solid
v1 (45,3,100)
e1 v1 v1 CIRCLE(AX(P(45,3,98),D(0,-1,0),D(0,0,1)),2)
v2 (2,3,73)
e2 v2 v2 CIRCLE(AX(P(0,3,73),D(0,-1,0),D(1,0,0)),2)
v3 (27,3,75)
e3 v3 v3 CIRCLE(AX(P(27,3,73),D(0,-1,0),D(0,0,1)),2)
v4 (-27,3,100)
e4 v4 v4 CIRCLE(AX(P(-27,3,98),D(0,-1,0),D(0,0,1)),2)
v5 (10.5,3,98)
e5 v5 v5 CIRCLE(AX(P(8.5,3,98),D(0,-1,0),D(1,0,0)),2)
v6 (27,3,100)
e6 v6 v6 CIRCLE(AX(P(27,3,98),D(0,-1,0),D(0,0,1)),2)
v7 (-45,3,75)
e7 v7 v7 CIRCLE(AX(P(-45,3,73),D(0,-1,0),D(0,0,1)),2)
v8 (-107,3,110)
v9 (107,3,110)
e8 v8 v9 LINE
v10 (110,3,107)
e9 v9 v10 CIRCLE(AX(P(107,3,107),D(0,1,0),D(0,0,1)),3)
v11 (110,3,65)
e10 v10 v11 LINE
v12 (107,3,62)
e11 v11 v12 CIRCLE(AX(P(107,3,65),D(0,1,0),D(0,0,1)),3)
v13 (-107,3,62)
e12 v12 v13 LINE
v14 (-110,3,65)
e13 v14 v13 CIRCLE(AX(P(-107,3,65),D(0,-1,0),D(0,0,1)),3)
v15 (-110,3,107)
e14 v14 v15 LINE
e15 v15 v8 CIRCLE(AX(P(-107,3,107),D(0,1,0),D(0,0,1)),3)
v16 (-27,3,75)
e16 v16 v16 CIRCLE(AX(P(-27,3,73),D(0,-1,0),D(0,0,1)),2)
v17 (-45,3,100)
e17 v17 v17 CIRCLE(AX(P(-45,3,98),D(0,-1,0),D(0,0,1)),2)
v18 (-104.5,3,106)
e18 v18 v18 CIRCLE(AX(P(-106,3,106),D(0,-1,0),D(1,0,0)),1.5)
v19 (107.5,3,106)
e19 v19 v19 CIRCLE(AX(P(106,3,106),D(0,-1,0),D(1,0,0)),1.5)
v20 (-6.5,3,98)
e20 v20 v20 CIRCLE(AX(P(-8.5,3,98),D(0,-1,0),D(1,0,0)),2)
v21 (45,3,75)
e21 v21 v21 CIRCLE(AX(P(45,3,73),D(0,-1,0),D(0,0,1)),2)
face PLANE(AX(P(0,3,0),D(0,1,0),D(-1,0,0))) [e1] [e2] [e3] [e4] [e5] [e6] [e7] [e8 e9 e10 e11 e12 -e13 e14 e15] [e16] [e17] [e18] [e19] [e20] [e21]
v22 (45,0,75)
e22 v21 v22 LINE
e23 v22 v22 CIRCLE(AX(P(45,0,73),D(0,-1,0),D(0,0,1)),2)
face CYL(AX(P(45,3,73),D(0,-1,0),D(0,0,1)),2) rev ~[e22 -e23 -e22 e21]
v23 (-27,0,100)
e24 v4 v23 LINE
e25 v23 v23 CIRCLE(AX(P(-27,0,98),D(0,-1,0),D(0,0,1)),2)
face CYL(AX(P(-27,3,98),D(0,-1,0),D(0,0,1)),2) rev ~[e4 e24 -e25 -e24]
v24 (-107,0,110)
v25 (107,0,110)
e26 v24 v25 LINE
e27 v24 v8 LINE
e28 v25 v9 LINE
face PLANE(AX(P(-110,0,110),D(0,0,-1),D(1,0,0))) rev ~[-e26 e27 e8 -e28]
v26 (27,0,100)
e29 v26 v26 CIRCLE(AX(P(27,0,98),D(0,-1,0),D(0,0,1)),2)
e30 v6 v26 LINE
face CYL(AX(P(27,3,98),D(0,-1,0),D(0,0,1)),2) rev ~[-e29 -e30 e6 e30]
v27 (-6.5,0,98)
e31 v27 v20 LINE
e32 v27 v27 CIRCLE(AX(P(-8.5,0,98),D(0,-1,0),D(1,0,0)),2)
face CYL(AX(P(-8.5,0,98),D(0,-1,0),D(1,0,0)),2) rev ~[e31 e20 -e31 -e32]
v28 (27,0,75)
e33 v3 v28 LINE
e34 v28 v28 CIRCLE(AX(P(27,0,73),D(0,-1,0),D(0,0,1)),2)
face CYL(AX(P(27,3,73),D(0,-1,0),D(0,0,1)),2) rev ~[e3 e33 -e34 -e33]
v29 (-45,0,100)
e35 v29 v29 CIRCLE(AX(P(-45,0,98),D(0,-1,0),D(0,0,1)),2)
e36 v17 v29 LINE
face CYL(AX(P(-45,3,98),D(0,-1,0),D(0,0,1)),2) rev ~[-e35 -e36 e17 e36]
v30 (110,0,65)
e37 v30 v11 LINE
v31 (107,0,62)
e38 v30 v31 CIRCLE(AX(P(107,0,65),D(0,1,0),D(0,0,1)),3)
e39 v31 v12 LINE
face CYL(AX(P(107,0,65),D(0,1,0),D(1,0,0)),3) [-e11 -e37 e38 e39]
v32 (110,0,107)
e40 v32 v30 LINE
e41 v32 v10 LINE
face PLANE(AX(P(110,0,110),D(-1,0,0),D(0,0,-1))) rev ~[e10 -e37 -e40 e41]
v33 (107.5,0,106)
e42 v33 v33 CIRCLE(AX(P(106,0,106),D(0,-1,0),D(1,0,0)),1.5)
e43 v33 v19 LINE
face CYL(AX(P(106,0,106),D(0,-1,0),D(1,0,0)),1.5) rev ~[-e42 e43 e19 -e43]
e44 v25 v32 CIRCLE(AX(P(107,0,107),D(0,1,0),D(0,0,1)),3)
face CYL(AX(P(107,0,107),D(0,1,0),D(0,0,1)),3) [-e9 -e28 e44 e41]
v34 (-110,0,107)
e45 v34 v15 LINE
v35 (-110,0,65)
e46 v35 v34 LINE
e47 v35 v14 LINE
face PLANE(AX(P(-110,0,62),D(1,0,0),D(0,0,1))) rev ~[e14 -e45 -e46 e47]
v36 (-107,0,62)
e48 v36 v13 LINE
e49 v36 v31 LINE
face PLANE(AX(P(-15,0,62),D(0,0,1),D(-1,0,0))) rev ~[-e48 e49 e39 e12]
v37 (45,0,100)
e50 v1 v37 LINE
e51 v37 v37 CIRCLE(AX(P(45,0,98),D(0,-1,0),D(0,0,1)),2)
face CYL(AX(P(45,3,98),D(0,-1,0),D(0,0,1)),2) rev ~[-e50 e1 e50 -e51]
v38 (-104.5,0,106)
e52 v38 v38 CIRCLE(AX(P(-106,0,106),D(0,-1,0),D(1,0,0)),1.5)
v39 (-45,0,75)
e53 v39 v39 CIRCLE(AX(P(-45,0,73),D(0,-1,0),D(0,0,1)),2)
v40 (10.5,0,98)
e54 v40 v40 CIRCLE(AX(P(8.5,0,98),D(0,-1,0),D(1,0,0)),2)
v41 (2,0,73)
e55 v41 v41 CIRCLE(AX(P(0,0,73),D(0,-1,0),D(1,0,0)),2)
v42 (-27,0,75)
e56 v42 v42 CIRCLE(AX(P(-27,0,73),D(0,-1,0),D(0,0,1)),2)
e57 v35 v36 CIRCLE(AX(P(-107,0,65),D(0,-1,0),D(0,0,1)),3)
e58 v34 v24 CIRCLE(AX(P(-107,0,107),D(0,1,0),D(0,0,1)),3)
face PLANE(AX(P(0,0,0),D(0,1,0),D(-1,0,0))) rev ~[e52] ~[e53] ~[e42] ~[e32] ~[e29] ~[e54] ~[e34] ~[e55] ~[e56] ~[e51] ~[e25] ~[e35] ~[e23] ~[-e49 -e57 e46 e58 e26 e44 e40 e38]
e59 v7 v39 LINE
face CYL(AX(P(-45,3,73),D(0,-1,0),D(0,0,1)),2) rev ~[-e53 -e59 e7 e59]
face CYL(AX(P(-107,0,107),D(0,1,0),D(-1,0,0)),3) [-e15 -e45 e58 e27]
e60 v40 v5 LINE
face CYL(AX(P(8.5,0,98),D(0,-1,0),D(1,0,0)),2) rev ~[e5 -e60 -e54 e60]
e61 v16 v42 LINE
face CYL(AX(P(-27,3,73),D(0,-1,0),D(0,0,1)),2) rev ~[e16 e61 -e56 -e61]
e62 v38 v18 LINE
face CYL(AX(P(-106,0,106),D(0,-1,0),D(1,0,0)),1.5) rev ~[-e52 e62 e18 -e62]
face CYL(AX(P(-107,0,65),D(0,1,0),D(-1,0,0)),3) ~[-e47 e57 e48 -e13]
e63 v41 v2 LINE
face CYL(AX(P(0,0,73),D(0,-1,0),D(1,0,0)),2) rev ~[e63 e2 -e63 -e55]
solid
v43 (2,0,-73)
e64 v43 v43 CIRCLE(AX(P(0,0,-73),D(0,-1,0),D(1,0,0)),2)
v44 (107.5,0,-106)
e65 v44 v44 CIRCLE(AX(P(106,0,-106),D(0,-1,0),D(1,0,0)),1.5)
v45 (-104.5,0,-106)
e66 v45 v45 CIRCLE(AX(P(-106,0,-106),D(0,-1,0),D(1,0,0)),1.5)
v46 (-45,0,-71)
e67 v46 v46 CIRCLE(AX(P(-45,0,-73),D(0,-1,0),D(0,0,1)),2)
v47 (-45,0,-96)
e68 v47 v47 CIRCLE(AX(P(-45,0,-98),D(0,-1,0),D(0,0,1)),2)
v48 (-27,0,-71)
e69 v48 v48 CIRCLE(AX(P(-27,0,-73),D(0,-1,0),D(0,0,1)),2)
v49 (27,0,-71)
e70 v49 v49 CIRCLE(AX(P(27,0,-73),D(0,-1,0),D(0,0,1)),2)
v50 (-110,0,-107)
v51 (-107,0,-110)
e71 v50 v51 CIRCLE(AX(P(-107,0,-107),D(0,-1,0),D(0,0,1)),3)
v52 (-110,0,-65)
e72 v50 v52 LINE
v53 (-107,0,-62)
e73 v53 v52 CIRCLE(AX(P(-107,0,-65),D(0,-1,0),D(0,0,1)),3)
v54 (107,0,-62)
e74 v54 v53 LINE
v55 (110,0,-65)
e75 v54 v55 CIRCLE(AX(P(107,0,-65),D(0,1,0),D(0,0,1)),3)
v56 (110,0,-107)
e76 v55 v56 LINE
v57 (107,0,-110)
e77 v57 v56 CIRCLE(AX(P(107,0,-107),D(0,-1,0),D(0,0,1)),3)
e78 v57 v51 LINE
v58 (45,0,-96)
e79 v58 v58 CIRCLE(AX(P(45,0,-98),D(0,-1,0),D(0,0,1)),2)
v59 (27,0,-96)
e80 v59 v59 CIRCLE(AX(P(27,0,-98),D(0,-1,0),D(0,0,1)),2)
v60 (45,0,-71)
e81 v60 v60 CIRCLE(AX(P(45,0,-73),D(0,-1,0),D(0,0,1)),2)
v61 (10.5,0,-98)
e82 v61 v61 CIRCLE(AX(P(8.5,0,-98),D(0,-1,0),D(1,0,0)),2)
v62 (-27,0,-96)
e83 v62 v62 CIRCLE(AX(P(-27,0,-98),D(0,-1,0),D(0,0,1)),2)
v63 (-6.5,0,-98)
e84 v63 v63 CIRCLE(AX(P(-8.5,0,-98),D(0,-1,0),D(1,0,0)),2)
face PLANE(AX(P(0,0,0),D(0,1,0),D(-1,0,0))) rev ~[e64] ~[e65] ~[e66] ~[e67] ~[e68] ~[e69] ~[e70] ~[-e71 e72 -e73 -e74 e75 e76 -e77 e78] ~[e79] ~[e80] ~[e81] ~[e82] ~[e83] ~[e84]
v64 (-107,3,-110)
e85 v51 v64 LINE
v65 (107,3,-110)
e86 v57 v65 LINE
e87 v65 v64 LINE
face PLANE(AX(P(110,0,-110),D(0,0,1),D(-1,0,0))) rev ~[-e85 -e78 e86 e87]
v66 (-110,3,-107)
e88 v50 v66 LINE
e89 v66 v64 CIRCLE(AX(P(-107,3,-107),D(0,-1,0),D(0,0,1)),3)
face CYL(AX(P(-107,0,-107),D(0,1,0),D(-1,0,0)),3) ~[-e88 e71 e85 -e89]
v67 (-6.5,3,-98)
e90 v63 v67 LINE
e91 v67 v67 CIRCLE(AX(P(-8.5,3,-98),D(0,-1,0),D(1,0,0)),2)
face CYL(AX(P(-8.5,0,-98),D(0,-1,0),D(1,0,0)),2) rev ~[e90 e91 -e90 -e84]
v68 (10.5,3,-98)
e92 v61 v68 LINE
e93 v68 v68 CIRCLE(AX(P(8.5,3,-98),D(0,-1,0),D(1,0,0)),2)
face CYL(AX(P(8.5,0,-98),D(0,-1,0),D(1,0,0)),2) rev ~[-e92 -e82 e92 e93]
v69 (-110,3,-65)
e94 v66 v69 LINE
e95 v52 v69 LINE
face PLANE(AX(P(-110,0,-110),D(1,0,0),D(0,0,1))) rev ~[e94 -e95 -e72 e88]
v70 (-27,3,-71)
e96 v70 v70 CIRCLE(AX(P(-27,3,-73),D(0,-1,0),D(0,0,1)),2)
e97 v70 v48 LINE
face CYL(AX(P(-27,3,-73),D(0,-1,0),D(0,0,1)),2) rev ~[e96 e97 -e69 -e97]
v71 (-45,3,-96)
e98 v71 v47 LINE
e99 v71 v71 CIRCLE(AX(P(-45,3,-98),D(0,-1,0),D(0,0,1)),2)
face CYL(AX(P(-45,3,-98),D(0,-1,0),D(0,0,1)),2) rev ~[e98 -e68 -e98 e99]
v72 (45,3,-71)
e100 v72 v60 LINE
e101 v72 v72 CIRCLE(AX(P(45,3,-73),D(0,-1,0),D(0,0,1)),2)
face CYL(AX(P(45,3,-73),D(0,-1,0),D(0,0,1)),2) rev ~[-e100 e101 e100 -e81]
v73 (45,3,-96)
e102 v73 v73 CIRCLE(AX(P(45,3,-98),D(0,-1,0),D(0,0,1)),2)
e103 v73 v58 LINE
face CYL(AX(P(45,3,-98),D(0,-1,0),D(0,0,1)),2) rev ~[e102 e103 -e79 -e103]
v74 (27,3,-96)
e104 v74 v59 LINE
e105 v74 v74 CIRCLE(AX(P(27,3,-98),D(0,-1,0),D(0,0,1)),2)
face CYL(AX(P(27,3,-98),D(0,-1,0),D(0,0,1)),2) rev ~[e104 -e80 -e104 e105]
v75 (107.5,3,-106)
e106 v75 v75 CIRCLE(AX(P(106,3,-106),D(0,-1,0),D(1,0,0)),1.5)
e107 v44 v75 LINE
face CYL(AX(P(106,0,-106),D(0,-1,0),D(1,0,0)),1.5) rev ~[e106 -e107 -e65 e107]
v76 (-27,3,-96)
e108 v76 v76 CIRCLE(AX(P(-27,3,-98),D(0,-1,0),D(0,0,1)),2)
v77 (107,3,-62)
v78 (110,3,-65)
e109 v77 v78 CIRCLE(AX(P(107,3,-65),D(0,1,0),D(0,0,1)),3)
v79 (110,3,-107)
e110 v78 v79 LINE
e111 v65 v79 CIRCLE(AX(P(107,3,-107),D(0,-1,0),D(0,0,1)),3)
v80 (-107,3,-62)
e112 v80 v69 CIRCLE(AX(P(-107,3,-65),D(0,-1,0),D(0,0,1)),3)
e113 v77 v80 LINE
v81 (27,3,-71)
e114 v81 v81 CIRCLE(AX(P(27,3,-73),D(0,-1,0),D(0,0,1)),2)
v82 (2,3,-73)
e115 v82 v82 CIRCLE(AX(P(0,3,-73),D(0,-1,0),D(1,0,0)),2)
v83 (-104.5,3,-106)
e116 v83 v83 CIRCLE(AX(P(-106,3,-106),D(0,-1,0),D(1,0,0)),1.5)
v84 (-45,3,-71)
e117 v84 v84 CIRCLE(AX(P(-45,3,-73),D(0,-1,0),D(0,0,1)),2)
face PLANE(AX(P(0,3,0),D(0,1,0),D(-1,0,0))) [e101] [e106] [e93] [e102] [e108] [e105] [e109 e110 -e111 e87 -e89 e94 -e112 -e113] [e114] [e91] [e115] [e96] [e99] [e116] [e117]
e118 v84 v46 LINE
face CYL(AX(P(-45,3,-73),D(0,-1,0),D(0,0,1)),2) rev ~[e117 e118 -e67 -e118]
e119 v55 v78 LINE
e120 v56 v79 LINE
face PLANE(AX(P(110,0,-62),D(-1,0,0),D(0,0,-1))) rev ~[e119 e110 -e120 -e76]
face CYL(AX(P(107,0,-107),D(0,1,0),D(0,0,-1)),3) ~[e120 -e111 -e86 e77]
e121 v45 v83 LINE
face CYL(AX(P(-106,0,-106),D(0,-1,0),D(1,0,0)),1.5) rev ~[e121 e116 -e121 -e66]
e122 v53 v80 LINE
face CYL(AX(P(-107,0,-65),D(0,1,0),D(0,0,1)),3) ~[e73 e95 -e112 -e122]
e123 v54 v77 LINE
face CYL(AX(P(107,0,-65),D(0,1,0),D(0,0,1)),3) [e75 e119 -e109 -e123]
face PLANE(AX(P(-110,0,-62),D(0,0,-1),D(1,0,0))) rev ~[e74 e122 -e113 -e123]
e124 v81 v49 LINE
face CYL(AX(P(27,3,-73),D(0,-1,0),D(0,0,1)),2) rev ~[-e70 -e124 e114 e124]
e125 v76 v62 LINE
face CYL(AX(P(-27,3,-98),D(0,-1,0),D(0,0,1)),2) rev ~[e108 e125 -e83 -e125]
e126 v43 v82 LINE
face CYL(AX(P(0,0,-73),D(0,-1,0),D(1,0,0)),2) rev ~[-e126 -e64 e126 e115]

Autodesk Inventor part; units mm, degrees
ref_plane "YZ Plane" through (0, 0, 0) normal (1, 0, 0) x (0, 1, 0)
ref_plane "XZ Plane" through (0, 0, 0) normal (0, 1, 0) x (-1, 0, 0)
ref_plane "XY Plane" through (0, 0, 0) normal (0, 0, 1) x (1, 0, 0)
sketch "Szkic1" plane through (0, 0, 0) normal (0, 1, 0) x (-1, 0, 0)
  line L0 (110, 110) -> (-110, 110)
  line L1 (-110, 110) -> (-110, 62)
  line L2 (110, 62) -> (110, 110)
  line L3 (-110, -62) -> (-110, -110)
  line L4 (-110, -110) -> (110, -110)
  line L5 (110, -110) -> (110, -62)
  line L6 (110, 0) -> (-110, 0) construction
  line L7 (0, 61) -> (0, -61) construction
  line L8 (15, 62) -> (15, -62)
  line L9 (-15, 62) -> (-15, -62)
  line L10 (-110, 62) -> (-15, 62)
  line L11 (15, 62) -> (110, 62)
  line L12 (110, -62) -> (15, -62)
  line L13 (-15, -62) -> (-110, -62)
  point P0 (0, 0)
  point P1 (110, -86)
  point P2 (-110, -86)
  dimension "d0" = 48
  dimension "d2" = 220
  dimension "d3" = 30
  dimension "d4" = 124
extrude "Wyciągnięcie proste1" add sketch "Szkic1" along normal blind 3
sketch "Szkic2" plane through (0, 3, 0) normal (0, 1, 0) x (1, 0, 0)
  line L0 (-110, -110) -> (110, -110) projected
  line L1 (0, -110) -> (0, 110) construction
  line L2 (110, 110) -> (-110, 110) projected
  line L3 (-15, 62) -> (-15, -62) projected
  line L4 (-15, 0) -> (15, 0) construction
  line L5 (15, -62) -> (15, 62) projected
  line L6 (-110, -62) -> (-110, -110) projected
  line L7 (110, -110) -> (110, -62) projected
  line L8 (-15, -62) -> (-110, -62) projected
  point P0 (0, 0)
  point P1 (-45, -73)
  point P2 (-45, -98)
  point P3 (-27, -98)
  point P4 (-27, -73)
  point P5 (-45, 73)
  point P6 (-45, 98)
  point P7 (-27, 98)
  point P8 (-27, 73)
  point P9 (45, -73)
  point P10 (45, -98)
  point P11 (27, -98)
  point P12 (27, -73)
  point P13 (45, 73)
  point P14 (27, 73)
  point P15 (27, 98)
  point P16 (45, 98)
  dimension "d8" = 25
  dimension "d9" = 18
  dimension "d10" = 12
  dimension "d19" = 11
hole "Otwór1" at (-45, 3, 73) at (-45, 3, 98) at (-27, 3, 98) at (-27, 3, 73) at (-45, 3, -73) at (-27, 3, -73) at (-27, 3, -98) at (-45, 3, -98) at (45, 3, 98) at (45, 3, 73) at (27, 3, 73) at (27, 3, 98) at (45, 3, -73) at (45, 3, -98) at (27, 3, -98) at (27, 3, -73) direction (0, -1, 0) diameter 4 end through all
fillet "Zaokrąglenie1" radius 3 12 edges at (-110, 1.5, 110) (-110, 1.5, 62) (-110, 1.5, -62) (-110, 1.5, -110) (110, 1.5, 110) (110, 1.5, 62) (110, 1.5, -110) (110, 1.5, -62) (15, 1.5, -62) (15, 1.5, 62) (-15, 1.5, 62) (-15, 1.5, -62)
sketch "Szkic3" plane through (0, 0, 0) normal (0, -1, 0) x (1, 0, 0)
  arc A0 (-107, 110) -> (-110, 107) centre (-107, 107) ccw projected
  arc A1 (-110, -107) -> (-107, -110) centre (-107, -107) ccw projected
  arc A2 (107, -110) -> (110, -107) centre (107, -107) ccw projected
  arc A3 (110, 107) -> (107, 110) centre (107, 107) ccw projected
  line L0 (-107, 110) -> (107, 110) projected
  line L1 (110, 107) -> (110, 65) projected
  line L2 (107, -110) -> (-107, -110) projected
  line L3 (-110, -107) -> (-110, -65) projected
  point P0 (0, 0)
  point P1 (-105, -105)
  point P2 (-105, 105)
  point P3 (105, 105)
  point P4 (105, -105)
  dimension "d29" = 5
  dimension "d30" = 5
  dimension "d31" = 5
  dimension "d32" = 5
hole "Otwór3" at (-105, 0, -105) at (-105, 0, 105) at (105, 0, 105) at (105, 0, -105) direction (0, 1, 0) diameter 3 end through all
sketch "Szkic4" plane through (0, 0, 0) normal (0, -1, 0) x (1, 0, 0)
  line L0 (15, 59) -> (15, -59) projected
  line L1 (15, 0) -> (-15, 0) construction
  line L2 (-15, -59) -> (-15, 59) projected
  line L3 (-107, 110) -> (107, 110) projected
  line L4 (0, 110) -> (0, -110) construction
  line L5 (107, -110) -> (-107, -110) projected
  point P0 (0, 0)
  point P1 (9, 5.5)
  point P2 (9, -5.5)
  point P3 (-9, -5.5)
  point P4 (-9, 5.5)
  dimension "d40" = 11
  dimension "d41" = 18
hole "Otwór4" at (9, 0, 5.5) at (9, 0, -5.5) at (-9, 0, -5.5) at (-9, 0, 5.5) direction (0, 1, 0) diameter 4 end through all
thread "Gwint1" size "M4x0.7" class "6H" standard "ANSI Metric M Profile" full length
thread "Gwint2" size "M4x0.7" class "6H" standard "ANSI Metric M Profile" full length
thread "Gwint3" size "M4x0.7" class "6H" standard "ANSI Metric M Profile" full length
thread "Gwint4" size "M4x0.7" class "6H" standard "ANSI Metric M Profile" full length
thread "Gwint5" size "M4x0.7" class "6H" standard "ANSI Metric M Profile" full length
thread "Gwint6" size "M4x0.7" class "6H" standard "ANSI Metric M Profile" full length
thread "Gwint7" size "M4x0.7" class "6H" standard "ANSI Metric M Profile" full length
thread "Gwint8" size "M4x0.7" class "6H" standard "ANSI Metric M Profile" full length
thread "Gwint9" size "M4x0.7" class "6H" standard "ANSI Metric M Profile" full length
thread "Gwint10" size "M4x0.7" class "6H" standard "ANSI Metric M Profile" full length
thread "Gwint11" size "M4x0.7" class "6H" standard "ANSI Metric M Profile" full length
thread "Gwint12" size "M4x0.7" class "6H" standard "ANSI Metric M Profile" full length
thread "Gwint13" size "M4x0.7" class "6H" standard "ANSI Metric M Profile" full length
thread "Gwint14" size "M4x0.7" class "6H" standard "ANSI Metric M Profile" full length
thread "Gwint15" size "M4x0.7" class "6H" standard "ANSI Metric M Profile" full length
thread "Gwint16" size "M4x0.7" class "6H" standard "ANSI Metric M Profile" full length
thread "Gwint17" size "M4x0.7" class "6H" standard "ANSI Metric M Profile" full length
thread "Gwint18" size "M4x0.7" class "6H" standard "ANSI Metric M Profile" full length
thread "Gwint19" size "M4x0.7" class "6H" standard "ANSI Metric M Profile" full length
thread "Gwint20" size "M4x0.7" class "6H" standard "ANSI Metric M Profile" full length
thread "Gwint21" size "M3x0.5" class "6H" standard "ANSI Metric M Profile" full length
thread "Gwint22" size "M3x0.5" class "6H" standard "ANSI Metric M Profile" full length
thread "Gwint23" size "M3x0.5" class "6H" standard "ANSI Metric M Profile" full length
thread "Gwint24" size "M3x0.5" class "6H" standard "ANSI Metric M Profile" full length
sketch "Sketch5" plane through (0, 0, 0) normal (0, -1, 0) x (1, 0, 0)
  line L0 (-18, 62) -> (-107, 62) projected
  arc A0 (15, -59) -> (18, -62) centre (18, -59) ccw projected
  line L1 (-18, 62) -> (18, 62)
  line L2 (18, 62) -> (18, -62)
  line L3 (18, -62) -> (-18, -62)
  line L4 (-18, -62) -> (-18, 62)
  point P0 (0, 0)
extrude "Extrusion2" cut sketch "Sketch5" against normal blind 10
sketch "Sketch6" plane through (0, 0, 0) normal (0, -1, 0) x (1, 0, 0)
  circle A0 centre (-8.5, 98) radius 2
  circle A1 centre (8.5, 98) radius 2
  circle A2 centre (0, 73) radius 2
  circle A3 centre (0, -73) radius 2
  circle A4 centre (8.5, -98) radius 2
  circle A5 centre (-8.5, -98) radius 2
  circle A6 centre (45, 73) radius 2 projected
  circle A7 centre (27, -73) radius 2 projected
  point P0 (0, 0)
  dimension "d99" = 17
  dimension "d100" = 4
  dimension "d101" = 8.5
  dimension "d102" = 25
  dimension "d103" = 25
extrude "Extrusion3" cut sketch "Sketch6" against normal blind 10 contours A0 | A1 | A2 | A3 | A4 | A5
sketch "Sketch7" plane through (0, 0, 0) normal (0, -1, 0) x (1, 0, 0)
  circle A0 centre (105, 105) radius 1.5 projected
  circle A1 centre (105, -105) radius 1.5 projected
  circle A2 centre (-105, -105) radius 1.5 projected
  circle A3 centre (-105, 105) radius 1.5 projected
  point P0 (0, 0)
extrude "Extrusion4" add sketch "Sketch7" against normal up to surface (3 mm away)
sketch "Sketch8" plane through (0, 0, 0) normal (0, -1, 0) x (1, 0, 0)
  circle A0 centre (106, -106) radius 1.5
  circle A1 centre (106, 106) radius 1.5
  circle A2 centre (-106, -106) radius 1.5
  circle A3 centre (-106, 106) radius 1.5
  line L0 (107, -110) -> (-107, -110) projected
  line L1 (110, -65) -> (110, -107) projected
  line L2 (-107, 110) -> (107, 110) projected
  line L3 (110, 107) -> (110, 65) projected
  line L4 (-110, -107) -> (-110, -65) projected
  point P0 (0, 0)
  dimension "d108" = 3
  dimension "d109" = 4
  dimension "d110" = 4
  dimension "d111" = 4
  dimension "d112" = 4
  dimension "d113" = 4
extrude "Extrusion5" cut sketch "Sketch8" against normal blind 10
properties part number "BedCarriageA" material "Aluminium 6061"
